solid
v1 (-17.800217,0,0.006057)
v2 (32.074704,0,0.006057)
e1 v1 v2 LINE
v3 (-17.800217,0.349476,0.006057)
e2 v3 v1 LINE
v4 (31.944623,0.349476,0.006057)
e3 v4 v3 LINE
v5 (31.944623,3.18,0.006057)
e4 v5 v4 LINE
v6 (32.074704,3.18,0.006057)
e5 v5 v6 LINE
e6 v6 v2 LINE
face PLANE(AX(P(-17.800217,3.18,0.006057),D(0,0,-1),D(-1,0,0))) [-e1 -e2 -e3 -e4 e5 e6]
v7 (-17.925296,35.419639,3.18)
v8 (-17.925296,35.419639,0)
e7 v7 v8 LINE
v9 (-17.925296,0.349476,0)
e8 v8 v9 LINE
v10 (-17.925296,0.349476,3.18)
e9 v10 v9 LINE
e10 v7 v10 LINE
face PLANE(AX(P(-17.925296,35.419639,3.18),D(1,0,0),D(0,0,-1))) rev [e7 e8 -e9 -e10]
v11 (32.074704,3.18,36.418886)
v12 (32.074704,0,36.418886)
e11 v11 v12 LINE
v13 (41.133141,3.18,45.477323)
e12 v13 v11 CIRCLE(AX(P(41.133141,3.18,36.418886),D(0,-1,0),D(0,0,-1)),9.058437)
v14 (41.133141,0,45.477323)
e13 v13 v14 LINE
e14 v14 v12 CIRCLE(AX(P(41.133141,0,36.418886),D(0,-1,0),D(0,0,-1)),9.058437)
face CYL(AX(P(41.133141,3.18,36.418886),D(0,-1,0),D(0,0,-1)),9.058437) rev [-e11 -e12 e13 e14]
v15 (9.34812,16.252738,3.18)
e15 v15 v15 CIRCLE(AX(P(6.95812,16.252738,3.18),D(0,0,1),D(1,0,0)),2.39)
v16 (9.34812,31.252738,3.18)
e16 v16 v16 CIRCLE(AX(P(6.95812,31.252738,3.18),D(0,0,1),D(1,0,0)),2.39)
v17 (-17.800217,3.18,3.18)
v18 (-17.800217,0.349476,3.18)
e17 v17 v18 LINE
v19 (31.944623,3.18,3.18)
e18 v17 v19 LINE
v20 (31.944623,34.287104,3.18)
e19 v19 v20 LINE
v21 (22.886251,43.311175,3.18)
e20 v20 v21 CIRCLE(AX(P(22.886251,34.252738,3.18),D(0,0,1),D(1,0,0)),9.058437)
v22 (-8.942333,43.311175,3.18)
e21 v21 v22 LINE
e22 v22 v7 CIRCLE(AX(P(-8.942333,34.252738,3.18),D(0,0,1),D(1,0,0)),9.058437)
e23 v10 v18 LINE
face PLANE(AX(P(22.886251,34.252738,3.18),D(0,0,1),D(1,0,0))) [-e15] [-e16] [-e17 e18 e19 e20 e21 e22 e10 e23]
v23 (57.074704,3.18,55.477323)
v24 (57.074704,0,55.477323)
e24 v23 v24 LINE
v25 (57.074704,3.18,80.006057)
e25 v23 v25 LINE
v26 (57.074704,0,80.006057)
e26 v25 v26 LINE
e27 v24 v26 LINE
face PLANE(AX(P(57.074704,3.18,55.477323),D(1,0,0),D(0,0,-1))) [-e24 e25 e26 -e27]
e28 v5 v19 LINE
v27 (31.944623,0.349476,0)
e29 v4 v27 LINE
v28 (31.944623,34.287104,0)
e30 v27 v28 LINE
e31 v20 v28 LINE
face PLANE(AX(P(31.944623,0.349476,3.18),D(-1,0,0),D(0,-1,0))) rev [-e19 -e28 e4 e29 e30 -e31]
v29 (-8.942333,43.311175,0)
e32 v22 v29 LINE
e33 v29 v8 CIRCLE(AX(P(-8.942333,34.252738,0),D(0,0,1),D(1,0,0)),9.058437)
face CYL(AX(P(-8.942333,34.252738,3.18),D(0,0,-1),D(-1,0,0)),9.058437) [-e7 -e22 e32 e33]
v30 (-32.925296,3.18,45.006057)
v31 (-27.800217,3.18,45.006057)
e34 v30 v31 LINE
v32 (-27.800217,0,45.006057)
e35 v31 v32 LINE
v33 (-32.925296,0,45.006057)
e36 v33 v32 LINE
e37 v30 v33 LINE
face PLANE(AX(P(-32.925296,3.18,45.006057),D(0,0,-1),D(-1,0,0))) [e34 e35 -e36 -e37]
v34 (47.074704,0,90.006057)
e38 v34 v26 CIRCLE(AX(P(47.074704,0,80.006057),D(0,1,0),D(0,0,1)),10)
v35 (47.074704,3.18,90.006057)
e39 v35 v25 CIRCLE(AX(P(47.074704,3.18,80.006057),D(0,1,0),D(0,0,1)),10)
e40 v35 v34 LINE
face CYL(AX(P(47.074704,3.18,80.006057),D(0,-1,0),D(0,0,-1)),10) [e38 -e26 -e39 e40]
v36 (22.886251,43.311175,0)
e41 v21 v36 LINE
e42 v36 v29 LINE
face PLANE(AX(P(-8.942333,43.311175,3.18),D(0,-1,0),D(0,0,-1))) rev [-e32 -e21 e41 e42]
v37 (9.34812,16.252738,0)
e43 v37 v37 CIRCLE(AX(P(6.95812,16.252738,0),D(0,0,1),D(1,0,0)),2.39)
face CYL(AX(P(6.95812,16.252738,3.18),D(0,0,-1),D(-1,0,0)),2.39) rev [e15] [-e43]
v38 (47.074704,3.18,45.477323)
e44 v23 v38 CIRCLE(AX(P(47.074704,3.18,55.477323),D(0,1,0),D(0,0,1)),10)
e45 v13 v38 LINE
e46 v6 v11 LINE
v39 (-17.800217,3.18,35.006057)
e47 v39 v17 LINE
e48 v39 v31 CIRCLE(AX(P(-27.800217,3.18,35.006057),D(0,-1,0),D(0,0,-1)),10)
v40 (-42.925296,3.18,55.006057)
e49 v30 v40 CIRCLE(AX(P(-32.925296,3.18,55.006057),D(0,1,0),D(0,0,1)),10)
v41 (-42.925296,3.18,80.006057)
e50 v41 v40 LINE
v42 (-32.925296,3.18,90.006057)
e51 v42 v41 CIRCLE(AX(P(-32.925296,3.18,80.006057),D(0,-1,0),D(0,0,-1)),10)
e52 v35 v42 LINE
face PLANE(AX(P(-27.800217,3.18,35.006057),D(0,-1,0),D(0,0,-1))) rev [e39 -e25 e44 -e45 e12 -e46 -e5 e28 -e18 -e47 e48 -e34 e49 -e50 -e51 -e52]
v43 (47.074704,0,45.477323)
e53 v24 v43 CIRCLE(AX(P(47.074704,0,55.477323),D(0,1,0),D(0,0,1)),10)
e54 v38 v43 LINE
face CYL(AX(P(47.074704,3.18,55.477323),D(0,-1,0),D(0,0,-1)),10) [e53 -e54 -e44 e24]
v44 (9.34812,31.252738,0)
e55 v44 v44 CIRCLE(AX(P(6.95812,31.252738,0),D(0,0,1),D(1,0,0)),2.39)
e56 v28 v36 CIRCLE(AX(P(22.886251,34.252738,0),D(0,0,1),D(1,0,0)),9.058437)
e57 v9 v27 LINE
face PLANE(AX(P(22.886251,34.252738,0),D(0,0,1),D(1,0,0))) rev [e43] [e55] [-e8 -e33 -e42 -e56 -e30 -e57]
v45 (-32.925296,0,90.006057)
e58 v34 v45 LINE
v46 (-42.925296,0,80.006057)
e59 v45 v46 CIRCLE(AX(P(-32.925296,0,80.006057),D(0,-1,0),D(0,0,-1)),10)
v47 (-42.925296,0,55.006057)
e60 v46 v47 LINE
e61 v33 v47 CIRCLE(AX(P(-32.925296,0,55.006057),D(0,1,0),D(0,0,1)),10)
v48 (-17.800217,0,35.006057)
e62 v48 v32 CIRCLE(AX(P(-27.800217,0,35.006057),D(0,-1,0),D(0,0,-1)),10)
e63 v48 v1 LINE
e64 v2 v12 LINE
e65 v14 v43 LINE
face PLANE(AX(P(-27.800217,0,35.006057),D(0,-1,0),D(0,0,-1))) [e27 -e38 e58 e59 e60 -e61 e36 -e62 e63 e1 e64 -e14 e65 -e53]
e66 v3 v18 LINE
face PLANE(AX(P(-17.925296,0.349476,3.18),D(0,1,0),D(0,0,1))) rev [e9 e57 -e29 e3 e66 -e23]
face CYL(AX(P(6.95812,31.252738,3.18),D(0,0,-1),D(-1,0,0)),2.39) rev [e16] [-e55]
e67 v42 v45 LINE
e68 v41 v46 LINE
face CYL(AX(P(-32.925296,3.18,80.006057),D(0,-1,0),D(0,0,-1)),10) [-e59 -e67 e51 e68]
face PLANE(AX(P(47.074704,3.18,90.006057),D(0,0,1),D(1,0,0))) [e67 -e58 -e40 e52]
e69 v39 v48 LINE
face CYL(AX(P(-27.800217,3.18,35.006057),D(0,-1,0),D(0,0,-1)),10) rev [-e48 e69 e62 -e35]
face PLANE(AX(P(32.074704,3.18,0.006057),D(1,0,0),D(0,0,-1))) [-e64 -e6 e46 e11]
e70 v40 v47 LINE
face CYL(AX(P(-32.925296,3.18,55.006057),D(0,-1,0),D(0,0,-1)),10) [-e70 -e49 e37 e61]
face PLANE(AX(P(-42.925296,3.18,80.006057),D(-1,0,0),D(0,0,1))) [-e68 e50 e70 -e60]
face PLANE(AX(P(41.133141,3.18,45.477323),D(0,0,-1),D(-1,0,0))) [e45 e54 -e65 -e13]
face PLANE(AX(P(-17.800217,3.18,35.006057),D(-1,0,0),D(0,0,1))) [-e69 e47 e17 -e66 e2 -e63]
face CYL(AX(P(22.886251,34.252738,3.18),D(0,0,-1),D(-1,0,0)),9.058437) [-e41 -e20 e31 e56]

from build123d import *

# Parameters (mm, degrees)
SKETCH4_R           = 2.39
BOSS_EXTRUDE4_DEPTH = 3.18
BOSS_EXTRUDE5_DEPTH = 3.18


with BuildPart() as part:
    # Sketch4 → Boss-Extrude4 (new body)
    with BuildSketch(Plane.XY):
        with BuildLine():
            Line((-17.925296466, 35.419639483), (-17.925296466, 0.349476153))
            Line((-17.925296466, 0.349476153), (31.944623299, 0.349476153))
            Line((31.944623299, 0.349476153), (31.944623299, 34.287104082))
            ThreePointArc((31.944623299, 34.287104082), (29.279371809, 40.670159183), (22.886251145, 43.311175294))
            Line((22.886251145, 43.311175294), (-8.942333261, 43.311175294))
            ThreePointArc((-8.942333261, 43.311175294), (-14.920835694, 41.058088475), (-17.925296466, 35.419639483))
        make_face()
        with Locations((6.958119852, 31.252737949)):
            Circle(SKETCH4_R, mode=Mode.SUBTRACT)
        with Locations((6.958119852, 16.252738122)):
            Circle(SKETCH4_R, mode=Mode.SUBTRACT)
    extrude(amount=BOSS_EXTRUDE4_DEPTH)

    # Sketch2 → Boss-Extrude5 (add)
    with BuildSketch(Plane(origin=(0, 0, 0), x_dir=(1, 0, 0), z_dir=(0, 1, 0))):
        with BuildLine():
            Line((41.133140879, -45.477323382), (47.074703534, -45.477323382))
            ThreePointArc((47.074703534, -45.477323382), (54.145771346, -48.40625557), (57.074703534, -55.477323382))
            Line((57.074703534, -55.477323382), (57.074703534, -80.006057453))
            ThreePointArc((57.074703534, -80.006057453), (54.145771346, -87.077125264), (47.074703534, -90.006057453))
            Line((47.074703534, -90.006057453), (-32.925296466, -90.006057453))
            ThreePointArc((-32.925296466, -90.006057453), (-39.996364277, -87.077125264), (-42.925296466, -80.006057453))
            Line((-42.925296466, -80.006057453), (-42.925296466, -55.006057453))
            ThreePointArc((-42.925296466, -55.006057453), (-39.996364277, -47.934989641), (-32.925296466, -45.006057453))
            Line((-32.925296466, -45.006057453), (-27.800216568, -45.006057453))
            ThreePointArc((-27.800216568, -45.006057453), (-20.729148756, -42.077125264), (-17.800216568, -35.006057453))
            Line((-17.800216568, -35.006057453), (-17.800216568, -0.006057453))
            Line((-17.800216568, -0.006057453), (32.074703534, -0.006057453))
            Line((32.074703534, -0.006057453), (32.074703534, -36.418886037))
            ThreePointArc((32.074703534, -36.418886037), (34.727858406, -42.824168511), (41.133140879, -45.477323382))
        make_face()
    extrude(amount=BOSS_EXTRUDE5_DEPTH)


solid = part.part
